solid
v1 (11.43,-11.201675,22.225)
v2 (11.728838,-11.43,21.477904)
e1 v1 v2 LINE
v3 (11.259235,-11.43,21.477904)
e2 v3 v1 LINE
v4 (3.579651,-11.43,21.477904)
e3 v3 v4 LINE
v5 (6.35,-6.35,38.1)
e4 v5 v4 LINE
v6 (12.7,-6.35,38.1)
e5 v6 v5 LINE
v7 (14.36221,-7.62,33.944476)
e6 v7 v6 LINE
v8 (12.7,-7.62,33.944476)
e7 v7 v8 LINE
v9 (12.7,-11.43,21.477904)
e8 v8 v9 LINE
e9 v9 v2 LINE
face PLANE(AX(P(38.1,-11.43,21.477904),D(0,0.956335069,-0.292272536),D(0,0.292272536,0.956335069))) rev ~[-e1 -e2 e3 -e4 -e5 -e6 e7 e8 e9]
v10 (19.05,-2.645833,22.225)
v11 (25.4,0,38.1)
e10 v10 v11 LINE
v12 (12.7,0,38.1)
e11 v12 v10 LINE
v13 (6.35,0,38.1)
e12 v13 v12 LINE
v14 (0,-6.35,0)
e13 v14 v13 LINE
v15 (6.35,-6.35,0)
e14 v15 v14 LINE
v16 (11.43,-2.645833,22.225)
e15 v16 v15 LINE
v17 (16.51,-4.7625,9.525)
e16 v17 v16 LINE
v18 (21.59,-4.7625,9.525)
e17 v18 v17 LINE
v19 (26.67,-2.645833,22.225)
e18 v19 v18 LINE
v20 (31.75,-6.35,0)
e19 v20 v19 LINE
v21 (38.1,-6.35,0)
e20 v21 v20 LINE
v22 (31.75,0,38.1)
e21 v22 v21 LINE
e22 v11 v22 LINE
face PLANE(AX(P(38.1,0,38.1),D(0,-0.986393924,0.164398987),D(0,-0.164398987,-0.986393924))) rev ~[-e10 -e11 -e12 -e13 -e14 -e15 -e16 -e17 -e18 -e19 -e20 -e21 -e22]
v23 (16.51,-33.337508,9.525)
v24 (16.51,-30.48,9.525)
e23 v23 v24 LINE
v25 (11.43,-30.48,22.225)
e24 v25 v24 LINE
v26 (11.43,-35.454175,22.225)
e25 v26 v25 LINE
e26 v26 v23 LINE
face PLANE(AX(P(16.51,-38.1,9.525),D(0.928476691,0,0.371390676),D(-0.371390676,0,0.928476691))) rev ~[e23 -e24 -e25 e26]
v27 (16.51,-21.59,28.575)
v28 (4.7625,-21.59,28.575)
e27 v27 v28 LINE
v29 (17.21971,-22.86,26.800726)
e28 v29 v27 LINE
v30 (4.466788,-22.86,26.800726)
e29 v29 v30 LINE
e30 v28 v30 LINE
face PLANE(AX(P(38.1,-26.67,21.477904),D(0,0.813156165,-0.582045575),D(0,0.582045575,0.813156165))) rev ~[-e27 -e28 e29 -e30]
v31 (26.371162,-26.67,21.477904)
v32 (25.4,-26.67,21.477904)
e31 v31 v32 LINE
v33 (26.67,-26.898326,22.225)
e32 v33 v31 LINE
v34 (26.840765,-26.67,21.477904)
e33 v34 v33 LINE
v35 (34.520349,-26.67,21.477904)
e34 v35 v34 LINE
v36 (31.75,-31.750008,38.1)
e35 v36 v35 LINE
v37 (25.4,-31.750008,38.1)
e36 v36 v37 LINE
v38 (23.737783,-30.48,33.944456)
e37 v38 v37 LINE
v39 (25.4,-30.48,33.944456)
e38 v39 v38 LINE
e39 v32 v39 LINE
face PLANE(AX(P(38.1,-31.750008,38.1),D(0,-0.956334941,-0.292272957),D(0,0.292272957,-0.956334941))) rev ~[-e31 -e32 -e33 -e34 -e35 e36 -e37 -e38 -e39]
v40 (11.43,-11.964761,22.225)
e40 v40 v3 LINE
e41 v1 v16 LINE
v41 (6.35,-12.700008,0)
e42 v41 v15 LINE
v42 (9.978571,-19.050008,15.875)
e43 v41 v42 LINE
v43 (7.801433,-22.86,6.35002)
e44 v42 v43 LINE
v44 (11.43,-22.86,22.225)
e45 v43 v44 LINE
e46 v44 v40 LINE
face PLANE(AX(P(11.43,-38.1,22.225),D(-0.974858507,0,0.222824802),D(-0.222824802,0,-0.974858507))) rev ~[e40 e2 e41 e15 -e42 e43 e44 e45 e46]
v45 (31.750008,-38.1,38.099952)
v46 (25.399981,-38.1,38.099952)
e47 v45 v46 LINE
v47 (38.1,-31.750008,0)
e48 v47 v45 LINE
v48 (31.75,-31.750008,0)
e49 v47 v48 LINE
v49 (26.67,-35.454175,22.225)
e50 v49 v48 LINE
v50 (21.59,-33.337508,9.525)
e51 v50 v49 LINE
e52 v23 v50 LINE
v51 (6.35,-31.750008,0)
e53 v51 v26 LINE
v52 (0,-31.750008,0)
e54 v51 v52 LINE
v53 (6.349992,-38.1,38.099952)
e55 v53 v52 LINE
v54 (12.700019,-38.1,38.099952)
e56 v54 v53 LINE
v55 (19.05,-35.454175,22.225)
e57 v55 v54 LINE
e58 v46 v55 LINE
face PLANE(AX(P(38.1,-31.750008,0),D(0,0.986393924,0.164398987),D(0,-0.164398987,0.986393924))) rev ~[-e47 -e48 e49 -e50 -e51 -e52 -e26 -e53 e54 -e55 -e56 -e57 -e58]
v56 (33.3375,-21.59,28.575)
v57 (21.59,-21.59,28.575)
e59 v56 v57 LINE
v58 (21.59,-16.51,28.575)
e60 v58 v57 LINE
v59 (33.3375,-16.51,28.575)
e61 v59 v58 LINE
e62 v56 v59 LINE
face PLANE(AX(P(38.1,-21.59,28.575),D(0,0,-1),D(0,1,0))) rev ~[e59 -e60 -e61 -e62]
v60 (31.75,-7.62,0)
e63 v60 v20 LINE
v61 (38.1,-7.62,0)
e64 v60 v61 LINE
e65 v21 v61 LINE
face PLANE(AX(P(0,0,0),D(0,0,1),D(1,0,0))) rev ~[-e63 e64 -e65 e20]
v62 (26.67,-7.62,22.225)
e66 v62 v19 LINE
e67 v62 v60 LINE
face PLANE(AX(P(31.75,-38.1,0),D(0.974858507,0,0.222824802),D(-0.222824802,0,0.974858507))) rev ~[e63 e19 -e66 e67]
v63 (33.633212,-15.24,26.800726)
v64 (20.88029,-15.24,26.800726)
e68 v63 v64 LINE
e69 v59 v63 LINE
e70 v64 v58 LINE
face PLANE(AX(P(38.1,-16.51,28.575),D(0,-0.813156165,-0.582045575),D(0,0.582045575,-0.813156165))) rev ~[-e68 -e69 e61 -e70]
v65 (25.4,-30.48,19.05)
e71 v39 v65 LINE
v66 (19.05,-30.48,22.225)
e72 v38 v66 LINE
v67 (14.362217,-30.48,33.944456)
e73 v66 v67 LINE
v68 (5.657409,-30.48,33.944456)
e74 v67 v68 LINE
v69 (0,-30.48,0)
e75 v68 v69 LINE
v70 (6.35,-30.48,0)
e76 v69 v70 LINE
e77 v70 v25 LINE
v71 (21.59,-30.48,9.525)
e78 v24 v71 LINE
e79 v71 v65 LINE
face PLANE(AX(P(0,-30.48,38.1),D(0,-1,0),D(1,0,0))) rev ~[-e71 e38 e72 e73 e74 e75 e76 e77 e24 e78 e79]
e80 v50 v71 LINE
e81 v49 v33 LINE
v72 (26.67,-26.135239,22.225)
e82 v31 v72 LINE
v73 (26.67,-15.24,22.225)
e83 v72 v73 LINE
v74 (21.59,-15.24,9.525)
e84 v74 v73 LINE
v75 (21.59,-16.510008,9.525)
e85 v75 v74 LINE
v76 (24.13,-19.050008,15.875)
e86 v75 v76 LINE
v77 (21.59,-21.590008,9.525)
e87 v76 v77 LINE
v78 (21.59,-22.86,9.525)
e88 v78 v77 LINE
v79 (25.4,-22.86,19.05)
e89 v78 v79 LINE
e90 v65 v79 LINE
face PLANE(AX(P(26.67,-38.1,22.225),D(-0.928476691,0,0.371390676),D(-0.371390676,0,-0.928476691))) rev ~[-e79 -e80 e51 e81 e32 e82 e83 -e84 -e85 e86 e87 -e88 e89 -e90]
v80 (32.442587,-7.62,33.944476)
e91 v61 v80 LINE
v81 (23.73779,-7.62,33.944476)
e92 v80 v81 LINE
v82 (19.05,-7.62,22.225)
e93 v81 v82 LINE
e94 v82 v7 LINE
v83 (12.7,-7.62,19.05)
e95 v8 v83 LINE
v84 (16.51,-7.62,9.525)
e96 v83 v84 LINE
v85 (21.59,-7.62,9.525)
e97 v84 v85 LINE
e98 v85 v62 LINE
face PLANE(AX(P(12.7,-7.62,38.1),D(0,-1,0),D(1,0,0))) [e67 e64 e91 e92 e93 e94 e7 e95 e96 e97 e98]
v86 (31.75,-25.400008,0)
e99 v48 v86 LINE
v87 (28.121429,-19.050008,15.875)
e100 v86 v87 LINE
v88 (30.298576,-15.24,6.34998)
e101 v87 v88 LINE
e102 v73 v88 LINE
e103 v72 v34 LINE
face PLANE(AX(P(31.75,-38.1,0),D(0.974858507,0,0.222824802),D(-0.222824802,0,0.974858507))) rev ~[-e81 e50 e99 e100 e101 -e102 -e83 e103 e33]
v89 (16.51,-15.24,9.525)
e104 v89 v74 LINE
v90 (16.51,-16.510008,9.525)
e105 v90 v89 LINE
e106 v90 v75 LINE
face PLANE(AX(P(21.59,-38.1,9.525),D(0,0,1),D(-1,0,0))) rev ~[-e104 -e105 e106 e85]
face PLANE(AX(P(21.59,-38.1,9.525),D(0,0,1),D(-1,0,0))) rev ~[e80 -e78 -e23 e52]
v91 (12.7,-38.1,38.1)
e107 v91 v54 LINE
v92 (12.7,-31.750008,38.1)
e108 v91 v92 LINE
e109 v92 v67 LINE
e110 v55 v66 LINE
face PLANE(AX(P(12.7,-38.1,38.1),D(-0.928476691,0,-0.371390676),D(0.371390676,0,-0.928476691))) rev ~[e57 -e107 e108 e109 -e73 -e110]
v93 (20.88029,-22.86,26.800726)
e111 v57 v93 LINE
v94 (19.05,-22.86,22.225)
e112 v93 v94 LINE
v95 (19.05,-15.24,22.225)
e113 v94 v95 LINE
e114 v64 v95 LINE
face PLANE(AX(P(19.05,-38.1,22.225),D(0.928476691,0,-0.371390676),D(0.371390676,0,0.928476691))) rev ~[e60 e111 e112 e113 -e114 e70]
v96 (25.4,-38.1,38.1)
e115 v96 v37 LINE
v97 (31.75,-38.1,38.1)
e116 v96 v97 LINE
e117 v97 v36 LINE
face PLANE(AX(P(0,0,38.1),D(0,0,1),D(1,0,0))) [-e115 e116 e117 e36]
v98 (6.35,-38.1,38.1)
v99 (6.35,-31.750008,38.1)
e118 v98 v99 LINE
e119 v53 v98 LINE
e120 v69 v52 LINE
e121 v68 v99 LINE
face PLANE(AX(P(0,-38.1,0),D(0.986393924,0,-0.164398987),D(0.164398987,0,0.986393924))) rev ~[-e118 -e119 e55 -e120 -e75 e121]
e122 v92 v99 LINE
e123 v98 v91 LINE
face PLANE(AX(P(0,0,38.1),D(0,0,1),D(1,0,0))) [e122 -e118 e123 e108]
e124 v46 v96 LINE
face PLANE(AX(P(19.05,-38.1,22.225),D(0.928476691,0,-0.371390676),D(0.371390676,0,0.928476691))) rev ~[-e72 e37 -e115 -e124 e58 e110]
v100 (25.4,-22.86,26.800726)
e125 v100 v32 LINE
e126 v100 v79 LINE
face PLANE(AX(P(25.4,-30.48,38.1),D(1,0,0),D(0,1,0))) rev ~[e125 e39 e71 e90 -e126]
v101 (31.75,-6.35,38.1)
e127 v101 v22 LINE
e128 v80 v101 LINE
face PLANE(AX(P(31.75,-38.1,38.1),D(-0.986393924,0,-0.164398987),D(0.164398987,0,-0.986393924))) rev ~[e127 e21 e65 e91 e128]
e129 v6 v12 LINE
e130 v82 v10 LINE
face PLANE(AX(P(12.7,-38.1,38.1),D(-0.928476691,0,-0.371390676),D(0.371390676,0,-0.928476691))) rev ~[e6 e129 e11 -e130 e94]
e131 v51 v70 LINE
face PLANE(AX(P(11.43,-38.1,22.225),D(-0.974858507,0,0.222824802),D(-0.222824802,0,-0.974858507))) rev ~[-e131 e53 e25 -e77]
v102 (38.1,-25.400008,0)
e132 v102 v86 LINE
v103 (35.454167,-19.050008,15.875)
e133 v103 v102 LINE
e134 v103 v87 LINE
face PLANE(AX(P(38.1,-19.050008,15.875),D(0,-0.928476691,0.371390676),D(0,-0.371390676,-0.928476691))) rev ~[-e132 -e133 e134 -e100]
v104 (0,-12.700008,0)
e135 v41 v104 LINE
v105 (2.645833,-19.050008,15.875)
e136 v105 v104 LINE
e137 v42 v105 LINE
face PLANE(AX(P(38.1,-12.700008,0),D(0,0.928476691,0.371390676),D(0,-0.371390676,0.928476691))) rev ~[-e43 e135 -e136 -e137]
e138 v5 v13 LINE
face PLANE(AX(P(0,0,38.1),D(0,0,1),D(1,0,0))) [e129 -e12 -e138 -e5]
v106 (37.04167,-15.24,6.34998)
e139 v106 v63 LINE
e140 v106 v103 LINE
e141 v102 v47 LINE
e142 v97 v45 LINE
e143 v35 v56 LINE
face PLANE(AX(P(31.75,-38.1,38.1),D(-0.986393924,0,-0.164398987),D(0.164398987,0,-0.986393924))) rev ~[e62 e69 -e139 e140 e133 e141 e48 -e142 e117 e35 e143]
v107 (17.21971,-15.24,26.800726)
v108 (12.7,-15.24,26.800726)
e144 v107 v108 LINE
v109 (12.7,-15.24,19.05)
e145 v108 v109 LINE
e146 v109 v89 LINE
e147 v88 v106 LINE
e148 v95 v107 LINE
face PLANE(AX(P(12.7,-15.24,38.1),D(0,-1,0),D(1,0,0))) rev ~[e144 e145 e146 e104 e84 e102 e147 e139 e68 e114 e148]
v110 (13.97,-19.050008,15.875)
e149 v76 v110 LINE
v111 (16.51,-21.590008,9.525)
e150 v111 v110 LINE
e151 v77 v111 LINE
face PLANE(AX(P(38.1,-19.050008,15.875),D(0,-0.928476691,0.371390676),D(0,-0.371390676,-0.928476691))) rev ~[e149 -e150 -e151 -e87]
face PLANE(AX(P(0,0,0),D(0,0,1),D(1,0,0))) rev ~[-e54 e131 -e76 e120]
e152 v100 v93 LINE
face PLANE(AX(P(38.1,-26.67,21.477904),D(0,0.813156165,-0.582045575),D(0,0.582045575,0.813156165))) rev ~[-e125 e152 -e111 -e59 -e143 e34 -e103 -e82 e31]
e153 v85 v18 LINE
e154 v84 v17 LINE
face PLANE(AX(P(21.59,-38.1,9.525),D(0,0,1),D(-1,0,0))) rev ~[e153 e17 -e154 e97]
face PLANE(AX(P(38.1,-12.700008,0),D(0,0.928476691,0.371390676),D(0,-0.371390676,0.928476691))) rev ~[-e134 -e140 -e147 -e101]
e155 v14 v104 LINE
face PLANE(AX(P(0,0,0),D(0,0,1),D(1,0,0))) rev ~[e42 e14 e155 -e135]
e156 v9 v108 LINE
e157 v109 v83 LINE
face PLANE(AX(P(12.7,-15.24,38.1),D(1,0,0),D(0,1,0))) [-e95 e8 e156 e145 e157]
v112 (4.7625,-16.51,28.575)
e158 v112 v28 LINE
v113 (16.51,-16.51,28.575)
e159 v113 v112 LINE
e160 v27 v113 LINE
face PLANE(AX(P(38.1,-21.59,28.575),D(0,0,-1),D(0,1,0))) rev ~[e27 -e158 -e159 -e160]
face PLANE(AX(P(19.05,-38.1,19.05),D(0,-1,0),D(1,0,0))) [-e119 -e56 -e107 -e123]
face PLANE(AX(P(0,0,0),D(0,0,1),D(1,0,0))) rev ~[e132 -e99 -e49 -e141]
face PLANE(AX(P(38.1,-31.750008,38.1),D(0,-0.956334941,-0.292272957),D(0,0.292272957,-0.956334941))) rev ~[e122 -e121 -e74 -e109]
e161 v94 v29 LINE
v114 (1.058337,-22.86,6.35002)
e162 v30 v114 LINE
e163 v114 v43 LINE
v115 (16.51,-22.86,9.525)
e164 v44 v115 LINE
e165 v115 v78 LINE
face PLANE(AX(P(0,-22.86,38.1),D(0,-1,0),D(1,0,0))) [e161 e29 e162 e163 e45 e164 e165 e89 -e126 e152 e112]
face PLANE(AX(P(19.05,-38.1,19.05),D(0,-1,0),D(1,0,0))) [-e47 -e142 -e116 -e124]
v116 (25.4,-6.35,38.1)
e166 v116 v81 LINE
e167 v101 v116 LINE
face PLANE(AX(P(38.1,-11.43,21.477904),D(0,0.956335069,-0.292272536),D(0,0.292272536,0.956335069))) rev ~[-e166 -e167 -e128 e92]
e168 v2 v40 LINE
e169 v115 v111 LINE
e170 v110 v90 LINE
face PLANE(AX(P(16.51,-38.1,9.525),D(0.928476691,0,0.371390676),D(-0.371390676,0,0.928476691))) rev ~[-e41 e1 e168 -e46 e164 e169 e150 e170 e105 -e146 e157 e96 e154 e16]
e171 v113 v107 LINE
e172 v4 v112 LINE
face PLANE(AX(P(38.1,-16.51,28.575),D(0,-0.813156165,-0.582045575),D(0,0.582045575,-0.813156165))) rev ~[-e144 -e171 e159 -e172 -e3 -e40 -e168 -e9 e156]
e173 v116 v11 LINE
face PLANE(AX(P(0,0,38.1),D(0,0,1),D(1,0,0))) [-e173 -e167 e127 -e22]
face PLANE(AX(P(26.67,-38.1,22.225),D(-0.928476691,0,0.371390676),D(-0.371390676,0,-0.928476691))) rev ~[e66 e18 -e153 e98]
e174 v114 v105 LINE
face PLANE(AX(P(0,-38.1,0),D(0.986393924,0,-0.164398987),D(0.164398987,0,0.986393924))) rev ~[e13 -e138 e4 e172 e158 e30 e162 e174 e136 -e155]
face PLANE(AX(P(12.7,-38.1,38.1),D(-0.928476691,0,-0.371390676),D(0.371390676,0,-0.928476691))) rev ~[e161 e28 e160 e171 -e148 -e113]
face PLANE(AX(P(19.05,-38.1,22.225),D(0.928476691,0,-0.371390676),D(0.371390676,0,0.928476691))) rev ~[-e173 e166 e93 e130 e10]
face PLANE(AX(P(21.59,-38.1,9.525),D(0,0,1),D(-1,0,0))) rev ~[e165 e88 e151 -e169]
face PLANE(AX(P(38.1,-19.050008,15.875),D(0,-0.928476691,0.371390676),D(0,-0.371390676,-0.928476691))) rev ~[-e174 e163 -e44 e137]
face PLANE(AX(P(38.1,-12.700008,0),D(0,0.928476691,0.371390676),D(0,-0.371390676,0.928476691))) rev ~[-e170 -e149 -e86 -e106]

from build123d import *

# Parameters (mm, degrees)
F0_W      = 38.1
F0_H      = 38.1
F1_DEPTH  = 38.1
F6_DEPTH  = 38.1
F8_DEPTH  = 38.1
F9_W      = 25.4
F9_H      = 7.62
F10_DEPTH = 38.1


with BuildPart() as f1:
    # F0 (on Front) → F1 (new body)
    with BuildSketch(Plane.XZ):
        with Locations((19.05, 19.05)):
            Rectangle(F0_W, F0_H)
    extrude(amount=F1_DEPTH)

    # F5 (on offset) → F6 (cut)
    with BuildSketch(Plane.YZ.offset(38.1)):
        Polygon((-11.43, 21.477904), (-6.35, 38.1), (-31.750008, 38.1), (-26.67, 21.477904), (-21.59, 28.575), (-16.51, 28.575), align=None)
        Polygon((-31.750008, 0), (-38.100008, 38.1), (-38.100008, 0), align=None)
        Polygon((-25.400008, 0), (-12.700008, 0), (-19.050008, 15.875), align=None)
        Polygon((-6.35, 0), (0, 0), (0, 38.1), align=None)
    extrude(amount=-F6_DEPTH, mode=Mode.SUBTRACT)

    # F7 (on offset) → F8 (cut)
    with BuildSketch(Plane.XZ.offset(38.1)):
        Polygon((11.43, 22.225), (6.35, 0), (31.75, 0), (26.67, 22.225), (21.59, 9.525), (16.51, 9.525), align=None)
        Polygon((0, 0), (6.35, 38.1), (0, 38.1), align=None)
        Polygon((25.4, 38.1), (12.7, 38.1), (19.05, 22.225), align=None)
        Polygon((38.1, 38.1), (31.75, 38.1), (38.1, 0), align=None)
    extrude(amount=-F8_DEPTH, mode=Mode.SUBTRACT)

    # F9 (on offset) → F10 (cut)
    with BuildSketch(Plane.XY.offset(38.1)):
        with Locations((25.4, -11.43)):
            Rectangle(F9_W, F9_H)
        with Locations((12.7, -26.67)):
            Rectangle(F9_W, F9_H)
    extrude(amount=-F10_DEPTH, mode=Mode.SUBTRACT)


solid = f1.part
